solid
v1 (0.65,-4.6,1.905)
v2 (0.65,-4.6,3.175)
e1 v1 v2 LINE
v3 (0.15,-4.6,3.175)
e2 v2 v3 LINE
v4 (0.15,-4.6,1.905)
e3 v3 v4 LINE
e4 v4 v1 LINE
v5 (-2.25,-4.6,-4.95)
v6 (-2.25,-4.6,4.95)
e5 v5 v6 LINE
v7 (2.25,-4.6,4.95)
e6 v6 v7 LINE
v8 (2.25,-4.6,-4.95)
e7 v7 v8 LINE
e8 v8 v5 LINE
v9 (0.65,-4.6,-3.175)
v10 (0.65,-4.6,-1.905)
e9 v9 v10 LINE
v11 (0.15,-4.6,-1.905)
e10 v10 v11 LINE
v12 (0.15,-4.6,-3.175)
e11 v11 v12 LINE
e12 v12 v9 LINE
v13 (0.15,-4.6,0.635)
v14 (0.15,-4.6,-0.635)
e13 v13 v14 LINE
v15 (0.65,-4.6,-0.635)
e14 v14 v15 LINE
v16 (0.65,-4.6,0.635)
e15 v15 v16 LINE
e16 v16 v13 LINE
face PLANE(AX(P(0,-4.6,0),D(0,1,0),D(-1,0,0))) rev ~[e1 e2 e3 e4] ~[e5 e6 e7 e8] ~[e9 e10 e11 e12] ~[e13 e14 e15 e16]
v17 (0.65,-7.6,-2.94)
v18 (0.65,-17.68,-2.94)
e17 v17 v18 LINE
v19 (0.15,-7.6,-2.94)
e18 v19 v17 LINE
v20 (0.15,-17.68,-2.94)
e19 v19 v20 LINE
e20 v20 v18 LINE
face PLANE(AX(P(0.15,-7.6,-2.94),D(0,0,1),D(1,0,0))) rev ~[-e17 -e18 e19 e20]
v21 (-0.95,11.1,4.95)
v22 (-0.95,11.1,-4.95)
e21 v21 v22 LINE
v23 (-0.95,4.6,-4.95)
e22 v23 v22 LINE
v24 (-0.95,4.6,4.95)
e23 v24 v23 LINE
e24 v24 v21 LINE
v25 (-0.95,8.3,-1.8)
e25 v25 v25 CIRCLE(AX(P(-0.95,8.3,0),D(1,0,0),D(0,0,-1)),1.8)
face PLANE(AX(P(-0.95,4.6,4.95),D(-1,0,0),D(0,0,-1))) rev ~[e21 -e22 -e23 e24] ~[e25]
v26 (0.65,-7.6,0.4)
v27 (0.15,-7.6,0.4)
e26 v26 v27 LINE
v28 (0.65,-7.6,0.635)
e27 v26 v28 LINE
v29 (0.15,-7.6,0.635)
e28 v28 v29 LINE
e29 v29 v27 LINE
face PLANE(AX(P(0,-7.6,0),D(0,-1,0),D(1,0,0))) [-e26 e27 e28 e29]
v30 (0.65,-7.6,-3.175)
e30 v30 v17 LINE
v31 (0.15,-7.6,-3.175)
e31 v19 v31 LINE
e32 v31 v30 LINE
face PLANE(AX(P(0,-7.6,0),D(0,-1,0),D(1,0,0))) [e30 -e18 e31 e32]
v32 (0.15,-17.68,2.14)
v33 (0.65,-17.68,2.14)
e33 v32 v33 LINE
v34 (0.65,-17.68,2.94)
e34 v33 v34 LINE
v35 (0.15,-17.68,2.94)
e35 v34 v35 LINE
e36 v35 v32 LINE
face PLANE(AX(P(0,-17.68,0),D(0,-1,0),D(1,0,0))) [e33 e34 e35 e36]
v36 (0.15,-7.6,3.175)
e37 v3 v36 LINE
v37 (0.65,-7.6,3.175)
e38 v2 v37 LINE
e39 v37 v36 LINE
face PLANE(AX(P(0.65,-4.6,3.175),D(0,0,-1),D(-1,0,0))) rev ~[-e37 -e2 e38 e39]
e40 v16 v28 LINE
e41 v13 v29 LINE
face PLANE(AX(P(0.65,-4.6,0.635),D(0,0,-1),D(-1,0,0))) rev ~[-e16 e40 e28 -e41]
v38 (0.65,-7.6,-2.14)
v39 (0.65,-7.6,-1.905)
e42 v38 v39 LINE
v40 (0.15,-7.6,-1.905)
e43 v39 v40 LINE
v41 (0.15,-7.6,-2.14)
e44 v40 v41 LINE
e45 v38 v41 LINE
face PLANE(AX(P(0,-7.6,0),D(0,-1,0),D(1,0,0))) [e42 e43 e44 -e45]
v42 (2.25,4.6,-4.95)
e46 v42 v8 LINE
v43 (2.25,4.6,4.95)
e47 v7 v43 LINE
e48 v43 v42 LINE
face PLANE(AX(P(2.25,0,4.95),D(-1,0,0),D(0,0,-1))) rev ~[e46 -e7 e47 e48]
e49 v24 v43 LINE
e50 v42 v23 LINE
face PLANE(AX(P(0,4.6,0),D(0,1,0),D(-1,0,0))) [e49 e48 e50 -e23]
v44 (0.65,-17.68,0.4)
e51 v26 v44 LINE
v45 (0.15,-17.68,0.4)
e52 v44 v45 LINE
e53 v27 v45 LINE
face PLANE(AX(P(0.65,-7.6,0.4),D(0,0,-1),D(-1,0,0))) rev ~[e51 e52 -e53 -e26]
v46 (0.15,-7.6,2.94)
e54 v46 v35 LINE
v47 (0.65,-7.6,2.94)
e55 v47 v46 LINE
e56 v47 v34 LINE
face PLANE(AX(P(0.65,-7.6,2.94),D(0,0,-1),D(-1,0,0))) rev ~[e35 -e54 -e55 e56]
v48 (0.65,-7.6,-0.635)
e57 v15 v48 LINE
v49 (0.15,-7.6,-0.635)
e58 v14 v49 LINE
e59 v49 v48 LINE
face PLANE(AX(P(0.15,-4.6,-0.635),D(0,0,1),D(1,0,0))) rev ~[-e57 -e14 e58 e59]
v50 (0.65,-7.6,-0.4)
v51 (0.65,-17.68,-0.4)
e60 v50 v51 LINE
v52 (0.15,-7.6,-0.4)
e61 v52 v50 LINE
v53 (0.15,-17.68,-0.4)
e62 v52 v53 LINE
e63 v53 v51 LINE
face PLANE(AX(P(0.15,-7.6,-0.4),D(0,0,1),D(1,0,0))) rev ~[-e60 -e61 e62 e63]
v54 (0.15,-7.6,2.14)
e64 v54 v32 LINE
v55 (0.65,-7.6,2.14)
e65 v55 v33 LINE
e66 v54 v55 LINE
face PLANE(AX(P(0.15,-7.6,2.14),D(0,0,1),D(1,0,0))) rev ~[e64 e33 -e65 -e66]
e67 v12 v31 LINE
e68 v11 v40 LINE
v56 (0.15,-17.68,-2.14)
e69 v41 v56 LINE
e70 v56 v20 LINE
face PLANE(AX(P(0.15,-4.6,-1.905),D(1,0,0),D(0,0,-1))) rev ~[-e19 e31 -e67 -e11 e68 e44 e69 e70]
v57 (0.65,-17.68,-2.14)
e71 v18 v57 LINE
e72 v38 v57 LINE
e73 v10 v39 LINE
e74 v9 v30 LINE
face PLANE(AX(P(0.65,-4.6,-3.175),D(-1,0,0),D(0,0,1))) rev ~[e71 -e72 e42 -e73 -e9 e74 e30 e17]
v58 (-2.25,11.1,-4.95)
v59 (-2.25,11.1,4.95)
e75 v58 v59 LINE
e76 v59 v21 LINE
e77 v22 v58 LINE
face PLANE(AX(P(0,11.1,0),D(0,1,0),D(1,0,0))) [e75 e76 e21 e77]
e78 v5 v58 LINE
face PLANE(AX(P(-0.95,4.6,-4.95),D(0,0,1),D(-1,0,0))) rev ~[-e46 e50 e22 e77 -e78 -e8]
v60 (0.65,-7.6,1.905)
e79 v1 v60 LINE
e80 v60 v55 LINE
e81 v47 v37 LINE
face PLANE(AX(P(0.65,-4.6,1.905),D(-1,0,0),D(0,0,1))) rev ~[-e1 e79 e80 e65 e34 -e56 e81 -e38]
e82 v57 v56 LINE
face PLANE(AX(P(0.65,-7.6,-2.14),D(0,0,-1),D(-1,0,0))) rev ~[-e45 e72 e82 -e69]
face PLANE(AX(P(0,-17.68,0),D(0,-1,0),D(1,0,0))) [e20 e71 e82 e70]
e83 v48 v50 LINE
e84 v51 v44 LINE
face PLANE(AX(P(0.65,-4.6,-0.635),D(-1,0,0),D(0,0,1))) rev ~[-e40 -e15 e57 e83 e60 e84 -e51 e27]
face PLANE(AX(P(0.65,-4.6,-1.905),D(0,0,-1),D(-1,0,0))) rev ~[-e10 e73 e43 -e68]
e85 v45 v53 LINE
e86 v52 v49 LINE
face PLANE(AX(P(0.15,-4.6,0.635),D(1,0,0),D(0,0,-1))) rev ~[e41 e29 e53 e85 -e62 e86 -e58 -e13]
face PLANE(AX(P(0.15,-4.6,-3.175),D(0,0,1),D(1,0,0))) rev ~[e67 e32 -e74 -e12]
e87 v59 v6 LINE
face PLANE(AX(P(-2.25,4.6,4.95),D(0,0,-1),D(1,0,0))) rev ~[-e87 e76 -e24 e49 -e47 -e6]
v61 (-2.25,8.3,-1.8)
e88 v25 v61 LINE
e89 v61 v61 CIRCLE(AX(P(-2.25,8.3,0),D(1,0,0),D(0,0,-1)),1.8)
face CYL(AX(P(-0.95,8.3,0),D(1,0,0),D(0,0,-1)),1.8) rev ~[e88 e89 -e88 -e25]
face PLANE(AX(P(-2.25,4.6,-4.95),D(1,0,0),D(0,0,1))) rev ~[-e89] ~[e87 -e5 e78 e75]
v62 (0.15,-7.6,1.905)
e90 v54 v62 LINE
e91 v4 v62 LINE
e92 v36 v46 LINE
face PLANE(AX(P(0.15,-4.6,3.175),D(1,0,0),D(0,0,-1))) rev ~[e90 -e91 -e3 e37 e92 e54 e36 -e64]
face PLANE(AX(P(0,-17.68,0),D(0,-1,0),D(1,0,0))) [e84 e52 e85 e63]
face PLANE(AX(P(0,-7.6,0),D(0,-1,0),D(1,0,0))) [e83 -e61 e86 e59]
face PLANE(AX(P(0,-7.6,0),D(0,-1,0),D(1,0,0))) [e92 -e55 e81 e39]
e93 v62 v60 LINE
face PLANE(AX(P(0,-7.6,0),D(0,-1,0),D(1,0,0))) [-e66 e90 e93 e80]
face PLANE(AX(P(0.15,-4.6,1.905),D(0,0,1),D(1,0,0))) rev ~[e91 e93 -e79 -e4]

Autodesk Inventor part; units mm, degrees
ref_plane "YZ Plane" through (0, 0, 0) normal (1, 0, 0) x (0, 1, 0)
ref_plane "XZ Plane" through (0, 0, 0) normal (0, 1, 0) x (-1, 0, 0)
ref_plane "XY Plane" through (0, 0, 0) normal (0, 0, 1) x (1, 0, 0)
sketch "Boceto1" plane through (0, 0, 0) normal (0, 1, 0) x (-1, 0, 0)
  line L0 (2.25, 4.95) -> (-2.25, 4.95)
  line L1 (-2.25, 4.95) -> (-2.25, -4.95)
  line L2 (-2.25, -4.95) -> (2.25, -4.95)
  line L3 (2.25, -4.95) -> (2.25, 4.95)
  point P0 (0, 0)
  dimension "d0" = 4.5
  dimension "d1" = 9.9
  dimension "d2" = 4.95
  dimension "d3" = 2.25
extrude "Extrusión1" add sketch "Boceto1" along normal mid plane 9.2
sketch "Boceto2" plane through (0, 4.6, 0) normal (0, 1, 0) x (1, 0, 0)
  line L0 (2.25, 4.95) -> (-2.25, 4.95) projected
  line L1 (-2.25, 4.95) -> (-2.25, -4.95) projected
  line L2 (-2.25, -4.95) -> (2.25, -4.95) projected
  line L3 (2.25, -4.95) -> (2.25, 4.95) projected
  line L4 (2.25, 4.95) -> (-2.25, 4.95) projected
  line L5 (-2.25, -4.95) -> (-0.95, -4.95)
  line L6 (-0.95, -4.95) -> (-0.95, 4.95)
  line L7 (-0.95, 4.95) -> (-2.25, 4.95)
  line L8 (-2.25, 4.95) -> (-2.25, -4.95)
  point P0 (0, 0)
  point P1 (-0.95, 4.95)
  dimension "d6" = 1.3
extrude "Extrusión2" add sketch "Boceto2" along normal blind 6.5 contours L6 L2 L1 L0
sketch "Boceto3" plane through (-0.95, 4.6, 4.95) normal (1, 0, 0) x (0, 0, -1)
  line L0 (9.9, 0) -> (0, 0) projected
  line L1 (9.9, 0) -> (9.9, 6.5) projected
  line L2 (0, 6.5) -> (9.9, 6.5) projected
  line L3 (0, 0) -> (0, 6.5) projected
  circle A0 centre (4.95, 3.7) radius 1.8
  point P0 (4.95, -4.6)
  dimension "d9" = 3.6
  dimension "d10" = 4.95
  dimension "d11" = 3.7
extrude "Extrusión3" cut sketch "Boceto3" against normal blind 6.5 contours A0
sketch "Boceto4" plane through (0, -4.6, 0) normal (0, -1, 0) x (1, 0, 0)
  line L0 (-2.25, -4.95) -> (2.25, -4.95) projected
  line L1 (2.25, -4.95) -> (2.25, 4.95) projected
  line L2 (2.25, 4.95) -> (-2.25, 4.95) projected
  line L3 (-2.25, 4.95) -> (-2.25, -4.95) projected
  line L4 (0.65, 3.175) -> (0.15, 3.175)
  line L5 (0.15, 3.175) -> (0.15, 1.905)
  line L6 (0.15, 1.905) -> (0.65, 1.905)
  line L7 (0.65, 1.905) -> (0.65, 3.175)
  line L8 (0.65, 0.635) -> (0.15, 0.635)
  line L9 (0.15, 0.635) -> (0.15, -0.635)
  line L10 (0.15, -0.635) -> (0.65, -0.635)
  line L11 (0.65, -0.635) -> (0.65, 0.635)
  line L12 (0.65, -1.905) -> (0.15, -1.905)
  line L13 (0.15, -1.905) -> (0.15, -3.175)
  line L14 (0.15, -3.175) -> (0.65, -3.175)
  line L15 (0.65, -3.175) -> (0.65, -1.905)
  point P0 (0, 0)
  dimension "d14" = 1.27
  dimension "d15" = 1.27
  dimension "d16" = 1.27
  dimension "d17" = 0.5
  dimension "d18" = 0.5
  dimension "d19" = 0.5
  dimension "d20" = 1.27
  dimension "d21" = 1.27
  dimension "d22" = 4.315
  dimension "d23" = 2.4
extrude "Extrusión4" add sketch "Boceto4" along normal blind 3 contours L7 L6 L5 L4 | L11 L10 L9 L8 | L15 L14 L13 L12
sketch "Boceto5" plane through (0, -7.6, 0) normal (0, -1, 0) x (1, 0, 0)
  line L0 (0.15, 3.175) -> (0.15, 1.905) projected
  line L1 (0.15, 1.905) -> (0.65, 1.905) projected
  line L2 (0.65, 1.905) -> (0.65, 3.175) projected
  line L3 (0.65, 3.175) -> (0.15, 3.175) projected
  line L4 (0.15, 0.635) -> (0.15, -0.635) projected
  line L5 (0.15, -0.635) -> (0.65, -0.635) projected
  line L6 (0.65, -0.635) -> (0.65, 0.635) projected
  line L7 (0.65, 0.635) -> (0.15, 0.635) projected
  line L8 (0.65, -1.905) -> (0.15, -1.905) projected
  line L9 (0.15, -1.905) -> (0.15, -3.175) projected
  line L10 (0.15, -3.175) -> (0.65, -3.175) projected
  line L11 (0.65, -3.175) -> (0.65, -1.905) projected
  line L12 (0.15, 1.905) -> (0.15, 3.175) projected
  line L13 (0.65, 2.94) -> (0.15, 2.94)
  line L14 (0.15, 2.94) -> (0.15, 2.14)
  line L15 (0.15, 2.14) -> (0.65, 2.14)
  line L16 (0.65, 2.14) -> (0.65, 2.94)
  line L17 (0.15, 0.635) -> (0.15, -0.635) projected
  line L18 (0.65, 0.4) -> (0.15, 0.4)
  line L19 (0.15, 0.4) -> (0.15, -0.4)
  line L20 (0.15, -0.4) -> (0.65, -0.4)
  line L21 (0.65, -0.4) -> (0.65, 0.4)
  line L22 (0.65, -1.905) -> (0.65, -3.175) projected
  line L23 (0.15, -3.175) -> (0.15, -1.905) projected
  line L24 (0.65, -2.14) -> (0.15, -2.14)
  line L25 (0.15, -2.14) -> (0.15, -2.94)
  line L26 (0.15, -2.94) -> (0.65, -2.94)
  line L27 (0.65, -2.94) -> (0.65, -2.14)
  point P0 (0, 0)
  point P1 (0.15, -2.14)
  dimension "d26" = 0.8
  dimension "d27" = 0.8
  dimension "d28" = 0.8
  dimension "d29" = 0.235
  dimension "d30" = 0.235
  dimension "d31" = 0.235
extrude "Extrusión5" add sketch "Boceto5" along normal blind 10.08 contours L13 L2 L15 L0 | L18 L6 L20 L4 | L11 L26 L9 L24
sketch "Boceto6" plane through (2.25, -4.6, -4.95) normal (1, 0, 0) x (0, 0, -1)
  line L0 (-8.7824, 7.8194) -> (-0.868, 7.8194) construction
  line L1 (-0.868, 7.8194) -> (-0.868, 3.7441) construction
  line L2 (-0.868, 3.7441) -> (-8.7824, 3.7441) construction
  line L3 (-8.7824, 3.7441) -> (-8.7824, 7.8194) construction
  point P0 (-4.95, 4.6)
properties part number "7805"
